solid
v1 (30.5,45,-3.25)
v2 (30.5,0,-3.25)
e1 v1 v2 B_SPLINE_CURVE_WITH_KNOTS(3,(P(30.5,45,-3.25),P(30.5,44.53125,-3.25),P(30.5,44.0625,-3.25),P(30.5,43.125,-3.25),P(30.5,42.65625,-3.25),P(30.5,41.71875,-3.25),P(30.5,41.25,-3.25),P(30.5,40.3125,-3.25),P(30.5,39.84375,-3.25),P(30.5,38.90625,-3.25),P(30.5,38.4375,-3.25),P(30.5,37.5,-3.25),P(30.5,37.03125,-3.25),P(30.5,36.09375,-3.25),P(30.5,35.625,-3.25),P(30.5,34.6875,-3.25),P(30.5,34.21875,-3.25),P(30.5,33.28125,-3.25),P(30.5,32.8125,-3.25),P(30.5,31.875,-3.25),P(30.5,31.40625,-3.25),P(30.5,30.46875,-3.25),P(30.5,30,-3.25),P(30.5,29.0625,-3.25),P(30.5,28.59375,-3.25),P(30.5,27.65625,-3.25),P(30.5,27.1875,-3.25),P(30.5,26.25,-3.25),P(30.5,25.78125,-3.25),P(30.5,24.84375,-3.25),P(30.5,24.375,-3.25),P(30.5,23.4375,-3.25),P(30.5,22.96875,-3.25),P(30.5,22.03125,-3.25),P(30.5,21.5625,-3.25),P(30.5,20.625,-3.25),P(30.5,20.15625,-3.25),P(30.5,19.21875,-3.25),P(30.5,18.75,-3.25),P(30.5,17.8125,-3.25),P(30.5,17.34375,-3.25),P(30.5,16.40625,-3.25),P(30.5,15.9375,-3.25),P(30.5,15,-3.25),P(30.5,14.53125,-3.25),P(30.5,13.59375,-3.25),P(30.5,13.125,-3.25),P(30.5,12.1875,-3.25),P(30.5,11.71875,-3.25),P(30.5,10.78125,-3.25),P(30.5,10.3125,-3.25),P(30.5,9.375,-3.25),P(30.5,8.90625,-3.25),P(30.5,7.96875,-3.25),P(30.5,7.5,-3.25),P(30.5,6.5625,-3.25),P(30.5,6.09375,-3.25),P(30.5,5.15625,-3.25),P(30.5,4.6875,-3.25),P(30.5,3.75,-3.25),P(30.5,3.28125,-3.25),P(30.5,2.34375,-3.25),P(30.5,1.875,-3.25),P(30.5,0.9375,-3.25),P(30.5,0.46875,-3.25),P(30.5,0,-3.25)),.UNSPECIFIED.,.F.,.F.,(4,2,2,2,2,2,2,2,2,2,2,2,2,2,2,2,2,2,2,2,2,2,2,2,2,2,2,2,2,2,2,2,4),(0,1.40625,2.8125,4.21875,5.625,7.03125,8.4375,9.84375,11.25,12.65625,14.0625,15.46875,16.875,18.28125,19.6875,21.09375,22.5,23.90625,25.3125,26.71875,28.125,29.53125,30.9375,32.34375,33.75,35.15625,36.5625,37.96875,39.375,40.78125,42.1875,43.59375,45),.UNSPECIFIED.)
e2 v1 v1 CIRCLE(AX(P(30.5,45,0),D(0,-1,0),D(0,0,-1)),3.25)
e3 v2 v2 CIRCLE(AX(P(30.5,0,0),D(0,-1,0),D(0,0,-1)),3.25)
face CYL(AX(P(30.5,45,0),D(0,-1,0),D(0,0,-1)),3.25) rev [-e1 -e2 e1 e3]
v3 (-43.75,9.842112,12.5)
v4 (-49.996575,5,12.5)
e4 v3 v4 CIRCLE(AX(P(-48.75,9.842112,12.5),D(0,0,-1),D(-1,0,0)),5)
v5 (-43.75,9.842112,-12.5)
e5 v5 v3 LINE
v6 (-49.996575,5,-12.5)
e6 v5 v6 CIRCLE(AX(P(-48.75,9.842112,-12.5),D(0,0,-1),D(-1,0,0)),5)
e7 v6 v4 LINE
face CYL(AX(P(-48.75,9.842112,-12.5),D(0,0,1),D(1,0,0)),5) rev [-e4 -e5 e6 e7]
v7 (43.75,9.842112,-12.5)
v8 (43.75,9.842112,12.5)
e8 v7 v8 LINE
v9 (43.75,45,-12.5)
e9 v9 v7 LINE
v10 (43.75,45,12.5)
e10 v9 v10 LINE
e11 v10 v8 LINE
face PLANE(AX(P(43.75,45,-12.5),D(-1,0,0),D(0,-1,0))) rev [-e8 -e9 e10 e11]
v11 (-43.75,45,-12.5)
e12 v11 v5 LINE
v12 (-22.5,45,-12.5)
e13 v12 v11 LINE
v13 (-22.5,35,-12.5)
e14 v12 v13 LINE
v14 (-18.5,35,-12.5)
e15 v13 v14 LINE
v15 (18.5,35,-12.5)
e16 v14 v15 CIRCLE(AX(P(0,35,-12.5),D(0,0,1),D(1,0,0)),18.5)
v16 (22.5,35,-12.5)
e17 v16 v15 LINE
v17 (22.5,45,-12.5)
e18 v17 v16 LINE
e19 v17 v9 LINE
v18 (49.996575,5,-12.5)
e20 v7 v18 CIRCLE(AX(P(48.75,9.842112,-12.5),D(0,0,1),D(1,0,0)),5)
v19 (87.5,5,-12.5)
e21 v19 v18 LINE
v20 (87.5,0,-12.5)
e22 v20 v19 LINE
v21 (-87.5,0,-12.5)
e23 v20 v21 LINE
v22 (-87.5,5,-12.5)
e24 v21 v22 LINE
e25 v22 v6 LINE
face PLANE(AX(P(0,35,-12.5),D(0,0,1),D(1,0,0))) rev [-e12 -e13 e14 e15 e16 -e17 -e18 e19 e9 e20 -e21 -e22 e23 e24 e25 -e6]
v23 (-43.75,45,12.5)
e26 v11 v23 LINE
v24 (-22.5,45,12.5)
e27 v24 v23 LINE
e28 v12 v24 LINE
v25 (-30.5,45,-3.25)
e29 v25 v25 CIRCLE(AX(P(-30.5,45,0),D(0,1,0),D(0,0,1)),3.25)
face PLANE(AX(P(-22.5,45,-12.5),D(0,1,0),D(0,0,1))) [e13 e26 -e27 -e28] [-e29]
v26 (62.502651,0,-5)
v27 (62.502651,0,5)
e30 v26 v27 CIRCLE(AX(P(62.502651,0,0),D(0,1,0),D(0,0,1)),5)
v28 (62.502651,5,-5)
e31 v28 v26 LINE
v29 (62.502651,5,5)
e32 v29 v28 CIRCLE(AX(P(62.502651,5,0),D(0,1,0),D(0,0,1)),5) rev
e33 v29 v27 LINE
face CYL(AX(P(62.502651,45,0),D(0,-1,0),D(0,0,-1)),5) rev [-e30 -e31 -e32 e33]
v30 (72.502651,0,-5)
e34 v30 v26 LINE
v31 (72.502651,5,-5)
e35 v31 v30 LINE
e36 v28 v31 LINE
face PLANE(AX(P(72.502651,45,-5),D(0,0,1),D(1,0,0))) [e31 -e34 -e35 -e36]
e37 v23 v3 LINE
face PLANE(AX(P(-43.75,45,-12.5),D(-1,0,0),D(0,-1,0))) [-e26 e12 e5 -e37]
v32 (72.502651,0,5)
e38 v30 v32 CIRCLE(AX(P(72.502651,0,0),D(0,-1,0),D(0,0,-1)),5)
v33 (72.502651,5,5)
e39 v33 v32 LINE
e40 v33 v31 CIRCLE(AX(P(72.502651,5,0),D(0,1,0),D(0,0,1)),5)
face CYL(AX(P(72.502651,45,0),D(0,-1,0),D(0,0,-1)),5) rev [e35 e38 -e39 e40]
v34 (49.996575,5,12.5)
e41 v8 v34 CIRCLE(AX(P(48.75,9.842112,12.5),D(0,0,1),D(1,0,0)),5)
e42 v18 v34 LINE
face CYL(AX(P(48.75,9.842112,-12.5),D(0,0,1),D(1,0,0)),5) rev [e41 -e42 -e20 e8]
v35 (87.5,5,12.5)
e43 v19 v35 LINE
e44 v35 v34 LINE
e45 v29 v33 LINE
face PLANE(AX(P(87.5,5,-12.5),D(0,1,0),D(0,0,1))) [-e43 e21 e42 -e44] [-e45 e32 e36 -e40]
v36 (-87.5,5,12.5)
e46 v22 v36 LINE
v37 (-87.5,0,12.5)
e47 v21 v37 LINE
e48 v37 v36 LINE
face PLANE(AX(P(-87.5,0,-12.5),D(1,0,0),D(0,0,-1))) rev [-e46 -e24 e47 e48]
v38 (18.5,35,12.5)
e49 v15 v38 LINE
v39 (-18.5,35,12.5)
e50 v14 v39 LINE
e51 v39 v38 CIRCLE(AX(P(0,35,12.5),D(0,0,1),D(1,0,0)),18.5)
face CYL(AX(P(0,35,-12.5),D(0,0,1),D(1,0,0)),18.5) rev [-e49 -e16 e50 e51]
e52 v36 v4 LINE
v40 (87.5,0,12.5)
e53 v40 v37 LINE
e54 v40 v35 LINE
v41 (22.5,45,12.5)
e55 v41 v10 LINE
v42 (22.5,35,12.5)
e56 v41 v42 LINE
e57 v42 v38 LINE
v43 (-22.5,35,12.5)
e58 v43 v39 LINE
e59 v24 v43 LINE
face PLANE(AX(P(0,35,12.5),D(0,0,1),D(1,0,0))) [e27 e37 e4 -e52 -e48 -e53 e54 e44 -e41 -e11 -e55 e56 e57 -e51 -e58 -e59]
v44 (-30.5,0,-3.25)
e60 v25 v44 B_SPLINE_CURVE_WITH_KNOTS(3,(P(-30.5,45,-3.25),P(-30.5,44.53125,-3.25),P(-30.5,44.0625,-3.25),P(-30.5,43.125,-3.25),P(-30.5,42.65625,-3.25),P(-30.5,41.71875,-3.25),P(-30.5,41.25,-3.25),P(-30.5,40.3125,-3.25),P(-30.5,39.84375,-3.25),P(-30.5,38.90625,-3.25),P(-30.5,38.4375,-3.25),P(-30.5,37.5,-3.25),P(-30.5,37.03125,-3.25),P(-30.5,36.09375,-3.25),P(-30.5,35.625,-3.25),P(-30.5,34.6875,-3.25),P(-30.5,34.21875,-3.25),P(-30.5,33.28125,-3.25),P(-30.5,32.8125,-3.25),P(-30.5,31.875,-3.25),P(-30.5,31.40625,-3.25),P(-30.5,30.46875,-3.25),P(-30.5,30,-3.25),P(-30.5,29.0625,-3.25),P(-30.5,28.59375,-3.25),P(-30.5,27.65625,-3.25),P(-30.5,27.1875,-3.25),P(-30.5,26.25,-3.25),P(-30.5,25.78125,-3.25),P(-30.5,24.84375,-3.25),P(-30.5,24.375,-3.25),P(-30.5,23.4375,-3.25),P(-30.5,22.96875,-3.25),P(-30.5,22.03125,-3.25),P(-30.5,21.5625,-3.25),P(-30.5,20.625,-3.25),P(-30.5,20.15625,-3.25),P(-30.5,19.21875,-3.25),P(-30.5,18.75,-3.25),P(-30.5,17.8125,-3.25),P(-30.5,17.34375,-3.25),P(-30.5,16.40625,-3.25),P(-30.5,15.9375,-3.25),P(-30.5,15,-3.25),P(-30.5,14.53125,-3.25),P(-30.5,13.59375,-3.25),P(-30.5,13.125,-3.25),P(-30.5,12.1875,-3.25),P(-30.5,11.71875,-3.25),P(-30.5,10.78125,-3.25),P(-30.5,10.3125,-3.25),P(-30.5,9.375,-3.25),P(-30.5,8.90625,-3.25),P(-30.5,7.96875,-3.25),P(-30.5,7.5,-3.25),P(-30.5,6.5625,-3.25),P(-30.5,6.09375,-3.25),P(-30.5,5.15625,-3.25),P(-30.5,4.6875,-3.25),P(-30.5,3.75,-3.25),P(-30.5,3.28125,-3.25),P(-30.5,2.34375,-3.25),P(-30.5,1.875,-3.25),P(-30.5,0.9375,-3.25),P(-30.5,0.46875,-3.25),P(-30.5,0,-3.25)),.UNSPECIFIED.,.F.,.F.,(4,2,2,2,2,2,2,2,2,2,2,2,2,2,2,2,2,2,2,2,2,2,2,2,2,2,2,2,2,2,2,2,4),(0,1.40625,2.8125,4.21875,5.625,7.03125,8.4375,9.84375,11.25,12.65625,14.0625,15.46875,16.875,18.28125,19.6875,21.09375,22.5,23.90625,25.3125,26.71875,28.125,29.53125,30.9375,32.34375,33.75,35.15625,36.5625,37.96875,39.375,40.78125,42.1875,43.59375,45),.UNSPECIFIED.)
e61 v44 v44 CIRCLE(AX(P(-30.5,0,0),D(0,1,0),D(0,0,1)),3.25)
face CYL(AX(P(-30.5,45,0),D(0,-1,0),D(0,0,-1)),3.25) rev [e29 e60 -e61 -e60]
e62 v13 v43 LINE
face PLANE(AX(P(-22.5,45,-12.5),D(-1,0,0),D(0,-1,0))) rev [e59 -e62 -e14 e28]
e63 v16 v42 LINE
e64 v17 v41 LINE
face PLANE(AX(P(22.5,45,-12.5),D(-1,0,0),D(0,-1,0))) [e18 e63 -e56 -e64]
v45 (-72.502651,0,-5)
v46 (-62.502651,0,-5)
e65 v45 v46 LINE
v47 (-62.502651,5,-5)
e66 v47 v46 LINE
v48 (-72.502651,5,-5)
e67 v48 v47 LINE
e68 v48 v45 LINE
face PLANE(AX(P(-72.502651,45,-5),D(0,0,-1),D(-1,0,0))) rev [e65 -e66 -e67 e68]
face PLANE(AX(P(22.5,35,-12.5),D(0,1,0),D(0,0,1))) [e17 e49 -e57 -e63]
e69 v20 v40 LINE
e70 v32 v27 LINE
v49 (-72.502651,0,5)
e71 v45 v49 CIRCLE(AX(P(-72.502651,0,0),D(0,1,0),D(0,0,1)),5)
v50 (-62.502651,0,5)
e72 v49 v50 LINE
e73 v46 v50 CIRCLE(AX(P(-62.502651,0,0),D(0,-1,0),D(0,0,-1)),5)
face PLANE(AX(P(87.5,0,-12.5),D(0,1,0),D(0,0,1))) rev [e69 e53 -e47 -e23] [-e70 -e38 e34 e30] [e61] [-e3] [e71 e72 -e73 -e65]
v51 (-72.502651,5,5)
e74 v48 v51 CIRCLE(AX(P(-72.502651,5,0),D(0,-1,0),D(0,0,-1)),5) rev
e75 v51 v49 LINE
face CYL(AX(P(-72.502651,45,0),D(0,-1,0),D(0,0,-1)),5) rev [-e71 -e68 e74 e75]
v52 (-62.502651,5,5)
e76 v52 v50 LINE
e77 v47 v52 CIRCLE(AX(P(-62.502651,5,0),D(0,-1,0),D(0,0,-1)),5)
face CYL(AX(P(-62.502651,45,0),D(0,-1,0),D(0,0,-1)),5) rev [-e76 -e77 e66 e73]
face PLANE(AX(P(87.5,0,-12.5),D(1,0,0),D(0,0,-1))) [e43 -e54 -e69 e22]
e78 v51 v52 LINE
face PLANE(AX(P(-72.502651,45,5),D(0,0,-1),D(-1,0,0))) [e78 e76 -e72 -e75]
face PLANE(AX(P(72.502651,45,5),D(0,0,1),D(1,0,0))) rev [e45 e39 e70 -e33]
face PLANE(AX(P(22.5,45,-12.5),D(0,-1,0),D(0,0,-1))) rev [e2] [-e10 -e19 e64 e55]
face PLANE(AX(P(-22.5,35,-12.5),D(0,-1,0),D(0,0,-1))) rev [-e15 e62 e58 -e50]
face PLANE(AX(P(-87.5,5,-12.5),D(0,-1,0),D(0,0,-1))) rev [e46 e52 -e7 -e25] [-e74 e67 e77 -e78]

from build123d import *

# Parameters (mm, degrees)
BOSS_EXTRUDE2_DEPTH      = 12.5
BOSS_EXTRUDE2_DEPTH_BACK = 12.5
SKETCH2_R                = 3.25
CUT_EXTRUDE3_DEPTH       = 45


with BuildPart() as part:
    # Sketch1 → Boss-Extrude2 (new, two sides: drawn at the far end of the back side and taken through both)
    with BuildSketch(Plane.XY.offset(-BOSS_EXTRUDE2_DEPTH_BACK)):
        with BuildLine():
            Line((87.5, 0), (-87.5, 0))
            Line((-87.5, 0), (-87.5, 5))
            Line((-87.5, 5), (-49.996574748, 5))
            ThreePointArc((-49.996574748, 5), (-45.686739788, 5.89034852), (-43.75, 9.842112287))
            Line((-43.75, 9.842112287), (-43.75, 45))
            Line((-43.75, 45), (-22.5, 45))
            Line((-22.5, 45), (-22.5, 35))
            Line((-22.5, 35), (-18.5, 35))
            ThreePointArc((-18.5, 35), (0, 16.5), (18.5, 35))
            Line((18.5, 35), (22.5, 35))
            Line((22.5, 35), (22.5, 45))
            Line((22.5, 45), (43.75, 45))
            Line((43.75, 45), (43.75, 9.842112287))
            ThreePointArc((43.75, 9.842112287), (45.686739788, 5.89034852), (49.996574748, 5))
            Line((49.996574748, 5), (87.5, 5))
            Line((87.5, 5), (87.5, 0))
        make_face()
    extrude(amount=BOSS_EXTRUDE2_DEPTH + BOSS_EXTRUDE2_DEPTH_BACK)

    # Sketch2 → Cut-Extrude3 (cut)
    with BuildSketch(Plane(origin=(0, 0, 0), x_dir=(1, 0, 0), z_dir=(0, 1, 0))):
        with Locations((-30.5, 0)):
            Circle(SKETCH2_R)
        with Locations((30.5, 0)):
            Circle(SKETCH2_R)
        with BuildLine():
            Line((-72.502650664, 5), (-62.502650664, 5))
            ThreePointArc((-62.502650664, 5), (-57.502650664, 0), (-62.502650664, -5))
            Line((-62.502650664, -5), (-72.502650664, -5))
            ThreePointArc((-72.502650664, -5), (-77.502650664, 0), (-72.502650664, 5))
        make_face()
        with BuildLine():
            Line((72.502650664, -5), (62.502650664, -5))
            ThreePointArc((62.502650664, -5), (57.502650664, 0), (62.502650664, 5))
            Line((62.502650664, 5), (72.502650664, 5))
            ThreePointArc((72.502650664, 5), (77.502650664, 0), (72.502650664, -5))
        make_face()
    extrude(amount=CUT_EXTRUDE3_DEPTH, mode=Mode.SUBTRACT)


solid = part.part
